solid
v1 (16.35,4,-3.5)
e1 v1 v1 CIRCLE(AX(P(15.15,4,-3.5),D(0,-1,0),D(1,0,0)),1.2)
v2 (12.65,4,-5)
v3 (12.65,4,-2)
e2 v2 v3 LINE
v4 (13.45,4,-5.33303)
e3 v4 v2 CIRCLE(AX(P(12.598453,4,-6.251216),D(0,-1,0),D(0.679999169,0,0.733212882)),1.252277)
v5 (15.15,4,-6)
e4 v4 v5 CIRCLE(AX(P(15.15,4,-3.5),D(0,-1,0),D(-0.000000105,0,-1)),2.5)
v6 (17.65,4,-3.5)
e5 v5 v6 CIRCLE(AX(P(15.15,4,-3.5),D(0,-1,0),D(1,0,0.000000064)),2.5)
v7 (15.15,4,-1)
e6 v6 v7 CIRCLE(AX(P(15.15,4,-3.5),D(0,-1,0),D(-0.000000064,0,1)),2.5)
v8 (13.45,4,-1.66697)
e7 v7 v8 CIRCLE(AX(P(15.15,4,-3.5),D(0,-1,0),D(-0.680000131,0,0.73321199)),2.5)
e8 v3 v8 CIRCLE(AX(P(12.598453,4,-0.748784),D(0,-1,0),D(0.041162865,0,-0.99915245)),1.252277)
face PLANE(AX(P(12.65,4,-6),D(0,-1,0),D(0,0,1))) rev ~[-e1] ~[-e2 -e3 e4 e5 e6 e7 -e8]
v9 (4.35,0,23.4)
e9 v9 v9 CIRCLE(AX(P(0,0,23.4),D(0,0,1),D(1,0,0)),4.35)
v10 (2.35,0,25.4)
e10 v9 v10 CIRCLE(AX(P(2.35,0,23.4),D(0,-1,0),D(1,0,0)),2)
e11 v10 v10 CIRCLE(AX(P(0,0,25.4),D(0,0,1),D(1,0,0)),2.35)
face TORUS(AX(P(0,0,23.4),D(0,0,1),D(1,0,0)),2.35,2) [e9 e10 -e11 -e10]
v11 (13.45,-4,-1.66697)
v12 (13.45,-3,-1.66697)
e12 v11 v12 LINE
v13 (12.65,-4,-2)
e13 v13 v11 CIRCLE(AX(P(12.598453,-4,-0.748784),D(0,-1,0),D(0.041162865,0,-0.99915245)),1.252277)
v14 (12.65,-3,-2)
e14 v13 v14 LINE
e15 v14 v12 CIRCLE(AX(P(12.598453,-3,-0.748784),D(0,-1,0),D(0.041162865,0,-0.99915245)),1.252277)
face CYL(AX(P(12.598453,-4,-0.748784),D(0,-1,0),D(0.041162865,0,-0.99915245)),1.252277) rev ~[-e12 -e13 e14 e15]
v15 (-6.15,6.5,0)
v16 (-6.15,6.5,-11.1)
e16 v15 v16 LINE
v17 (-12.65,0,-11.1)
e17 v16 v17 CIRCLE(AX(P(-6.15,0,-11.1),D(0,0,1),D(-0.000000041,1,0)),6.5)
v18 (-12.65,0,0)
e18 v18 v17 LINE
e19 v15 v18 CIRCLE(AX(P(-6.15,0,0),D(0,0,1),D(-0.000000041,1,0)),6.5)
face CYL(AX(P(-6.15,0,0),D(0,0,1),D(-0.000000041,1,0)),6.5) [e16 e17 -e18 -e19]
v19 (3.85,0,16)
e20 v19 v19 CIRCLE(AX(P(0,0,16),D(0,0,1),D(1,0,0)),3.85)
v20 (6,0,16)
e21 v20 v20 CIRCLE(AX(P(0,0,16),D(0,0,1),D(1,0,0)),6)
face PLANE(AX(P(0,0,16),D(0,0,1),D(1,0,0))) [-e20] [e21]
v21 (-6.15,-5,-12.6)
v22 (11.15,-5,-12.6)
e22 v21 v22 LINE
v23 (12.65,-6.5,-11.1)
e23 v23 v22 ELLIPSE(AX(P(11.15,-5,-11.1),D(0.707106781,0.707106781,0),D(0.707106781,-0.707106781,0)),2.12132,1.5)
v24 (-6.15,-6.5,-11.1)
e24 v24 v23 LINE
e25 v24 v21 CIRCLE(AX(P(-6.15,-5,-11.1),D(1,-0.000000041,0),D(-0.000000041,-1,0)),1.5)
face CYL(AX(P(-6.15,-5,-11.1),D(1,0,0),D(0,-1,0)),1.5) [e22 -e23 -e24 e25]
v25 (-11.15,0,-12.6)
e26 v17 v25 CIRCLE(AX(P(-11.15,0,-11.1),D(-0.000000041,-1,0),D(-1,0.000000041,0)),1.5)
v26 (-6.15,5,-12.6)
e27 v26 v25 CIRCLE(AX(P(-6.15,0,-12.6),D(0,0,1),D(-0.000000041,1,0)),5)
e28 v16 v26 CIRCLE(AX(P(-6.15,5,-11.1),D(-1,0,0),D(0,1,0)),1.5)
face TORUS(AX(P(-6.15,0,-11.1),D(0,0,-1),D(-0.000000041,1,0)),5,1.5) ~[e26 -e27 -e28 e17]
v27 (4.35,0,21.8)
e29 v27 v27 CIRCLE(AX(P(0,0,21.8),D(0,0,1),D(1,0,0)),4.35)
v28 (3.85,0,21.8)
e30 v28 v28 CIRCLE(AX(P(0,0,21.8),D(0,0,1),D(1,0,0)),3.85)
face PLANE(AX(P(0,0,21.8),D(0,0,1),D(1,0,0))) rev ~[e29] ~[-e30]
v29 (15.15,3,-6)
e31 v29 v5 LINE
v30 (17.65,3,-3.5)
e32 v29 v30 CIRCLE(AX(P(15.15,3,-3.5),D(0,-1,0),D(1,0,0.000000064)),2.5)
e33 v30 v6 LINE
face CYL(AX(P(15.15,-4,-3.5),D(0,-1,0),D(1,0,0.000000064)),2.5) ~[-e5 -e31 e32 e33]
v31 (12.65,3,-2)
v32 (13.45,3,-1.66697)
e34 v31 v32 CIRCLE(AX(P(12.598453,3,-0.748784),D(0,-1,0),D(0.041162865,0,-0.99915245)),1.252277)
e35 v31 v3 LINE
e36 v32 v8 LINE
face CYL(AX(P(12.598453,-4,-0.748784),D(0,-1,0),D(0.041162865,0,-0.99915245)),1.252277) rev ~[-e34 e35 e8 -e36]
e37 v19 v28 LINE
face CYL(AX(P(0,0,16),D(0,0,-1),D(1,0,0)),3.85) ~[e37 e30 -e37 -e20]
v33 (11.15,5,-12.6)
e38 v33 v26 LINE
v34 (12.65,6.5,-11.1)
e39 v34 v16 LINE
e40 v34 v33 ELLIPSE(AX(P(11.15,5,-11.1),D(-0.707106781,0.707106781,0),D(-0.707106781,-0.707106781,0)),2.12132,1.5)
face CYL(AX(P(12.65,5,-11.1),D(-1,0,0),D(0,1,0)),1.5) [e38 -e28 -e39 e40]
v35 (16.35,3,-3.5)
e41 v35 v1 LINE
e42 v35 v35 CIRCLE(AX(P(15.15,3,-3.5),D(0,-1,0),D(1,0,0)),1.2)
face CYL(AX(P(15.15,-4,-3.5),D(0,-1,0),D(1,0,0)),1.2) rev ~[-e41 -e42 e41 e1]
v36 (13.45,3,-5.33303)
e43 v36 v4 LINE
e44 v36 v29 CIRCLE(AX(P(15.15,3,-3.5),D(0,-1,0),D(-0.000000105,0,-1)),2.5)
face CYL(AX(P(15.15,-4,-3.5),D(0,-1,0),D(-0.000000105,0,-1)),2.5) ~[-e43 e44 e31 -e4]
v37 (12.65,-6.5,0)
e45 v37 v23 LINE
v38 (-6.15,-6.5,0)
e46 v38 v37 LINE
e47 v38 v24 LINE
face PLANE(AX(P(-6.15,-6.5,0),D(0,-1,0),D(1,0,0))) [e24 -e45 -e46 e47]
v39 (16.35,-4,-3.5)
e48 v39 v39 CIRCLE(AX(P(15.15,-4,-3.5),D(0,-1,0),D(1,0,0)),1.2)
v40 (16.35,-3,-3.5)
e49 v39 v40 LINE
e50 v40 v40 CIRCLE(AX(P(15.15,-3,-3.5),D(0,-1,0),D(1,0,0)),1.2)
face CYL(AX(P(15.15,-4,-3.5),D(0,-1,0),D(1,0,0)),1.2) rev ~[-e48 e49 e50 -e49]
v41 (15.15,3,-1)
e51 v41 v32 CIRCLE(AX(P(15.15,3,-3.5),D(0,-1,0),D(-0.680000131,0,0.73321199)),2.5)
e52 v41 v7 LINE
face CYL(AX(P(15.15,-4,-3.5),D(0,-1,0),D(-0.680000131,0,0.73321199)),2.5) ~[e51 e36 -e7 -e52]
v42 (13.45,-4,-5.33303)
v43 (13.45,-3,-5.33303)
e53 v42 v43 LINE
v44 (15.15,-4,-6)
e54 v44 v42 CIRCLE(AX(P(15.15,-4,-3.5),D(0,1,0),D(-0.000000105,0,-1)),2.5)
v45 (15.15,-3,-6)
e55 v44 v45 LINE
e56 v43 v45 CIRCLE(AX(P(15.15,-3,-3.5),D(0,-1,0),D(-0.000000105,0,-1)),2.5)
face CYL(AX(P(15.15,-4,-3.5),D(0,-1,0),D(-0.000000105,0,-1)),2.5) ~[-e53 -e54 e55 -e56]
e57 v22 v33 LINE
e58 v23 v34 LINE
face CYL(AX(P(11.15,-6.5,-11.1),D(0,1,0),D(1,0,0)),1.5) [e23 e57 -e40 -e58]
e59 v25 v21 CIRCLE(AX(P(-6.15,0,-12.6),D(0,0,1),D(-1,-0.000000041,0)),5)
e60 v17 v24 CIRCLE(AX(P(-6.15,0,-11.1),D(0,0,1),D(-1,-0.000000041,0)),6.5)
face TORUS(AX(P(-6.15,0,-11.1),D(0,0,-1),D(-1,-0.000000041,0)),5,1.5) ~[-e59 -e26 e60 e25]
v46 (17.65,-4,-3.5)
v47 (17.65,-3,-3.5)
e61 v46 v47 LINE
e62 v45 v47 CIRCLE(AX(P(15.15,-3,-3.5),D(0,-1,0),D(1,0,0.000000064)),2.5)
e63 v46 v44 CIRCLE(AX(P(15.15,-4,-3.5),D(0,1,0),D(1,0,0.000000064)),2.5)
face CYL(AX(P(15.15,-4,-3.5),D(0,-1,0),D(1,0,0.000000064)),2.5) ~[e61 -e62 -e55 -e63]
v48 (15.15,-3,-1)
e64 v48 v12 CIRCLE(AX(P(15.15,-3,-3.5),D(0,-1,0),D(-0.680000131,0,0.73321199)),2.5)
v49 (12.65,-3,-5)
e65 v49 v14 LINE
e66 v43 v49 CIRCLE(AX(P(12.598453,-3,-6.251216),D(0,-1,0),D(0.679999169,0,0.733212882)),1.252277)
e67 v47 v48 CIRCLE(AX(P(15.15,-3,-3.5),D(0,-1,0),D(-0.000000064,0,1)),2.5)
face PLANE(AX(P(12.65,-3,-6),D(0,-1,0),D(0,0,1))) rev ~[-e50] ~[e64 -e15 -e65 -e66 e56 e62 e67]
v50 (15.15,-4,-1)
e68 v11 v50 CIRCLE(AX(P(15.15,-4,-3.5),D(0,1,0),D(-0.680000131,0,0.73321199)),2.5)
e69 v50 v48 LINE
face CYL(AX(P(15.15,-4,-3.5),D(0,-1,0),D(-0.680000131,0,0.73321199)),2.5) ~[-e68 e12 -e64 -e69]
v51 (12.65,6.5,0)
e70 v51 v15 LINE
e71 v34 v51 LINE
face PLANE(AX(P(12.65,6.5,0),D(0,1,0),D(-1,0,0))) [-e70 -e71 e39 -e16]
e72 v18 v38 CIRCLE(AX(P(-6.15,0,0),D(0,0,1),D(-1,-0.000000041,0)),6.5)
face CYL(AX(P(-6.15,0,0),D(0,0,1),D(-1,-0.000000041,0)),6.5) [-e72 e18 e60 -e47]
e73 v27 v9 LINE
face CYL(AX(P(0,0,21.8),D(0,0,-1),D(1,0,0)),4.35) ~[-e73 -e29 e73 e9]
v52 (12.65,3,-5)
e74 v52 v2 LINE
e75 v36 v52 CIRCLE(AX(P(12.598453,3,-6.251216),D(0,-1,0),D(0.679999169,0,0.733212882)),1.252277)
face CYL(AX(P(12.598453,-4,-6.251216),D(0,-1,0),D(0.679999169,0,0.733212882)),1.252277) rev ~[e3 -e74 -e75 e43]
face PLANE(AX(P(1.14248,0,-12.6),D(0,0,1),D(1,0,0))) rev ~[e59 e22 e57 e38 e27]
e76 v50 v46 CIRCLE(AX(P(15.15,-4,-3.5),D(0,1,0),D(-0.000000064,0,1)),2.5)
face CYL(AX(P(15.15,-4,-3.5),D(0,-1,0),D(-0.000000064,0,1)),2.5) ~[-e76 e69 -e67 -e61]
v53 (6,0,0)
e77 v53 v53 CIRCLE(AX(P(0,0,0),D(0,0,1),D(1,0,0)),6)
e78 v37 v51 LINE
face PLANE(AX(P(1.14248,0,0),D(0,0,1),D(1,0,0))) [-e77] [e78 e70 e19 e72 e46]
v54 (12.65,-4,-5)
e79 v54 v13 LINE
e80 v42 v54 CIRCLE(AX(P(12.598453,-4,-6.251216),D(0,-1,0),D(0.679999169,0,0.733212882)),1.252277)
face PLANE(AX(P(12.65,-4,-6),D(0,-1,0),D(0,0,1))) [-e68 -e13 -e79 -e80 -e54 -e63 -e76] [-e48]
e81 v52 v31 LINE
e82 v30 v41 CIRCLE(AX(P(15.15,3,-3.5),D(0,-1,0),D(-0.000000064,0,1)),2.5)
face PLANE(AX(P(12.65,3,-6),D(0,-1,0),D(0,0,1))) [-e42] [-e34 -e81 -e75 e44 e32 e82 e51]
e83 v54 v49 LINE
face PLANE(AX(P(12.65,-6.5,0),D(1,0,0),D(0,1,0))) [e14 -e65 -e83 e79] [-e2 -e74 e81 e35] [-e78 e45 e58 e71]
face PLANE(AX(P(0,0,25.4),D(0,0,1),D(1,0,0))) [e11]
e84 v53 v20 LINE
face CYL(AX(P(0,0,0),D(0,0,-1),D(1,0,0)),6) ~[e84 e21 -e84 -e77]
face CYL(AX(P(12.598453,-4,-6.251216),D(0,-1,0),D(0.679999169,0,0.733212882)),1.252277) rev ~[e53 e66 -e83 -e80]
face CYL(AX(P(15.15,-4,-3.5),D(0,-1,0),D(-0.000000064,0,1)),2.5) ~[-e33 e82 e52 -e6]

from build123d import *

# Parameters (mm, degrees)
F1_DEPTH  = 12.6
F2_R      = 6
F3_DEPTH  = 16
F4_R      = 3.85
F5_DEPTH  = 5.8
F6_R      = 4.35
F7_DEPTH  = 3.6
F8_R      = 2
F9_R      = 1.5
F10_W     = 1
F10_H     = 5
F11_DEPTH = 5
F12_R     = 1.2
F13_DEPTH = 10.501


with BuildPart() as f1:
    # F0 (on Top) → F1 (new body)
    with BuildSketch(Plane.XY):
        with BuildLine():
            Line((-6.15, -6.5), (12.65, -6.5))
            Line((12.65, -6.5), (12.65, 6.5))
            Line((12.65, 6.5), (-6.15, 6.5))
            ThreePointArc((-6.15, 6.5), (-10.746194, 4.596194), (-12.65, 0))
            ThreePointArc((-12.65, 0), (-10.746194, -4.596194), (-6.15, -6.5))
        make_face()
    extrude(amount=-F1_DEPTH)

    # F2 (on Top) → F3 (join)
    with BuildSketch(Plane.XY):
        Circle(F2_R)
    extrude(amount=F3_DEPTH)

    # F4 (on face) → F5 (join)
    with BuildSketch(Plane.XY.offset(16)):
        Circle(F4_R)
    extrude(amount=F5_DEPTH)

    # F6 (on face) → F7 (join)
    with BuildSketch(Plane.XY.offset(21.8)):
        Circle(F6_R)
    extrude(amount=F7_DEPTH)

    # F8
    f8_edges = [f1.edges().sort_by_distance(p)[0] for p in [
        (-4.35, 0, 25.4),
    ]]
    fillet(f8_edges, radius=F8_R)

    # F9
    f9_edges = [f1.edges().sort_by_distance(p)[0] for p in [
        (3.25, -6.5, -12.6),
        (12.65, 0, -12.6),
        (3.25, 6.5, -12.6),
        (-12.65, 0, -12.6),
    ]]
    fillet(f9_edges, radius=F9_R)

    # F10 (on face) → F11 (join)
    with BuildSketch(Plane.YZ.offset(12.65)):
        with Locations((-3.5, -3.5)):
            Rectangle(F10_W, F10_H)
        with Locations((3.5, -3.5)):
            Rectangle(F10_W, F10_H)
    extrude(amount=F11_DEPTH)

    # F12 (on face) → F13 (cut, through all)
    with BuildSketch(Plane.XZ.offset(4)):
        with Locations((15.15, -3.5)):
            Circle(F12_R)
        with BuildLine():
            Line((12.65, -1), (12.65, -2))
            ThreePointArc((12.65, -2), (13.079724, -1.904888), (13.45, -1.66697))
            ThreePointArc((13.45, -1.66697), (14.236922, -1.172708), (15.15, -1))
            Line((15.15, -1), (12.65, -1))
        make_face()
        with BuildLine():
            ThreePointArc((17.65, -3.5), (16.917767, -5.267767), (15.15, -6))
            Line((15.15, -6), (17.65, -6))
            Line((17.65, -6), (17.65, -3.5))
        make_face()
        with BuildLine():
            ThreePointArc((15.15, -1), (16.917767, -1.732233), (17.65, -3.5))
            Line((17.65, -3.5), (17.65, -1))
            Line((17.65, -1), (15.15, -1))
        make_face()
        with BuildLine():
            ThreePointArc((15.15, -6), (14.236922, -5.827292), (13.45, -5.33303))
            ThreePointArc((13.45, -5.33303), (13.079724, -5.095112), (12.65, -5))
            Line((12.65, -5), (12.65, -6))
            Line((12.65, -6), (15.15, -6))
        make_face()
    extrude(amount=-F13_DEPTH, mode=Mode.SUBTRACT)


solid = f1.part
